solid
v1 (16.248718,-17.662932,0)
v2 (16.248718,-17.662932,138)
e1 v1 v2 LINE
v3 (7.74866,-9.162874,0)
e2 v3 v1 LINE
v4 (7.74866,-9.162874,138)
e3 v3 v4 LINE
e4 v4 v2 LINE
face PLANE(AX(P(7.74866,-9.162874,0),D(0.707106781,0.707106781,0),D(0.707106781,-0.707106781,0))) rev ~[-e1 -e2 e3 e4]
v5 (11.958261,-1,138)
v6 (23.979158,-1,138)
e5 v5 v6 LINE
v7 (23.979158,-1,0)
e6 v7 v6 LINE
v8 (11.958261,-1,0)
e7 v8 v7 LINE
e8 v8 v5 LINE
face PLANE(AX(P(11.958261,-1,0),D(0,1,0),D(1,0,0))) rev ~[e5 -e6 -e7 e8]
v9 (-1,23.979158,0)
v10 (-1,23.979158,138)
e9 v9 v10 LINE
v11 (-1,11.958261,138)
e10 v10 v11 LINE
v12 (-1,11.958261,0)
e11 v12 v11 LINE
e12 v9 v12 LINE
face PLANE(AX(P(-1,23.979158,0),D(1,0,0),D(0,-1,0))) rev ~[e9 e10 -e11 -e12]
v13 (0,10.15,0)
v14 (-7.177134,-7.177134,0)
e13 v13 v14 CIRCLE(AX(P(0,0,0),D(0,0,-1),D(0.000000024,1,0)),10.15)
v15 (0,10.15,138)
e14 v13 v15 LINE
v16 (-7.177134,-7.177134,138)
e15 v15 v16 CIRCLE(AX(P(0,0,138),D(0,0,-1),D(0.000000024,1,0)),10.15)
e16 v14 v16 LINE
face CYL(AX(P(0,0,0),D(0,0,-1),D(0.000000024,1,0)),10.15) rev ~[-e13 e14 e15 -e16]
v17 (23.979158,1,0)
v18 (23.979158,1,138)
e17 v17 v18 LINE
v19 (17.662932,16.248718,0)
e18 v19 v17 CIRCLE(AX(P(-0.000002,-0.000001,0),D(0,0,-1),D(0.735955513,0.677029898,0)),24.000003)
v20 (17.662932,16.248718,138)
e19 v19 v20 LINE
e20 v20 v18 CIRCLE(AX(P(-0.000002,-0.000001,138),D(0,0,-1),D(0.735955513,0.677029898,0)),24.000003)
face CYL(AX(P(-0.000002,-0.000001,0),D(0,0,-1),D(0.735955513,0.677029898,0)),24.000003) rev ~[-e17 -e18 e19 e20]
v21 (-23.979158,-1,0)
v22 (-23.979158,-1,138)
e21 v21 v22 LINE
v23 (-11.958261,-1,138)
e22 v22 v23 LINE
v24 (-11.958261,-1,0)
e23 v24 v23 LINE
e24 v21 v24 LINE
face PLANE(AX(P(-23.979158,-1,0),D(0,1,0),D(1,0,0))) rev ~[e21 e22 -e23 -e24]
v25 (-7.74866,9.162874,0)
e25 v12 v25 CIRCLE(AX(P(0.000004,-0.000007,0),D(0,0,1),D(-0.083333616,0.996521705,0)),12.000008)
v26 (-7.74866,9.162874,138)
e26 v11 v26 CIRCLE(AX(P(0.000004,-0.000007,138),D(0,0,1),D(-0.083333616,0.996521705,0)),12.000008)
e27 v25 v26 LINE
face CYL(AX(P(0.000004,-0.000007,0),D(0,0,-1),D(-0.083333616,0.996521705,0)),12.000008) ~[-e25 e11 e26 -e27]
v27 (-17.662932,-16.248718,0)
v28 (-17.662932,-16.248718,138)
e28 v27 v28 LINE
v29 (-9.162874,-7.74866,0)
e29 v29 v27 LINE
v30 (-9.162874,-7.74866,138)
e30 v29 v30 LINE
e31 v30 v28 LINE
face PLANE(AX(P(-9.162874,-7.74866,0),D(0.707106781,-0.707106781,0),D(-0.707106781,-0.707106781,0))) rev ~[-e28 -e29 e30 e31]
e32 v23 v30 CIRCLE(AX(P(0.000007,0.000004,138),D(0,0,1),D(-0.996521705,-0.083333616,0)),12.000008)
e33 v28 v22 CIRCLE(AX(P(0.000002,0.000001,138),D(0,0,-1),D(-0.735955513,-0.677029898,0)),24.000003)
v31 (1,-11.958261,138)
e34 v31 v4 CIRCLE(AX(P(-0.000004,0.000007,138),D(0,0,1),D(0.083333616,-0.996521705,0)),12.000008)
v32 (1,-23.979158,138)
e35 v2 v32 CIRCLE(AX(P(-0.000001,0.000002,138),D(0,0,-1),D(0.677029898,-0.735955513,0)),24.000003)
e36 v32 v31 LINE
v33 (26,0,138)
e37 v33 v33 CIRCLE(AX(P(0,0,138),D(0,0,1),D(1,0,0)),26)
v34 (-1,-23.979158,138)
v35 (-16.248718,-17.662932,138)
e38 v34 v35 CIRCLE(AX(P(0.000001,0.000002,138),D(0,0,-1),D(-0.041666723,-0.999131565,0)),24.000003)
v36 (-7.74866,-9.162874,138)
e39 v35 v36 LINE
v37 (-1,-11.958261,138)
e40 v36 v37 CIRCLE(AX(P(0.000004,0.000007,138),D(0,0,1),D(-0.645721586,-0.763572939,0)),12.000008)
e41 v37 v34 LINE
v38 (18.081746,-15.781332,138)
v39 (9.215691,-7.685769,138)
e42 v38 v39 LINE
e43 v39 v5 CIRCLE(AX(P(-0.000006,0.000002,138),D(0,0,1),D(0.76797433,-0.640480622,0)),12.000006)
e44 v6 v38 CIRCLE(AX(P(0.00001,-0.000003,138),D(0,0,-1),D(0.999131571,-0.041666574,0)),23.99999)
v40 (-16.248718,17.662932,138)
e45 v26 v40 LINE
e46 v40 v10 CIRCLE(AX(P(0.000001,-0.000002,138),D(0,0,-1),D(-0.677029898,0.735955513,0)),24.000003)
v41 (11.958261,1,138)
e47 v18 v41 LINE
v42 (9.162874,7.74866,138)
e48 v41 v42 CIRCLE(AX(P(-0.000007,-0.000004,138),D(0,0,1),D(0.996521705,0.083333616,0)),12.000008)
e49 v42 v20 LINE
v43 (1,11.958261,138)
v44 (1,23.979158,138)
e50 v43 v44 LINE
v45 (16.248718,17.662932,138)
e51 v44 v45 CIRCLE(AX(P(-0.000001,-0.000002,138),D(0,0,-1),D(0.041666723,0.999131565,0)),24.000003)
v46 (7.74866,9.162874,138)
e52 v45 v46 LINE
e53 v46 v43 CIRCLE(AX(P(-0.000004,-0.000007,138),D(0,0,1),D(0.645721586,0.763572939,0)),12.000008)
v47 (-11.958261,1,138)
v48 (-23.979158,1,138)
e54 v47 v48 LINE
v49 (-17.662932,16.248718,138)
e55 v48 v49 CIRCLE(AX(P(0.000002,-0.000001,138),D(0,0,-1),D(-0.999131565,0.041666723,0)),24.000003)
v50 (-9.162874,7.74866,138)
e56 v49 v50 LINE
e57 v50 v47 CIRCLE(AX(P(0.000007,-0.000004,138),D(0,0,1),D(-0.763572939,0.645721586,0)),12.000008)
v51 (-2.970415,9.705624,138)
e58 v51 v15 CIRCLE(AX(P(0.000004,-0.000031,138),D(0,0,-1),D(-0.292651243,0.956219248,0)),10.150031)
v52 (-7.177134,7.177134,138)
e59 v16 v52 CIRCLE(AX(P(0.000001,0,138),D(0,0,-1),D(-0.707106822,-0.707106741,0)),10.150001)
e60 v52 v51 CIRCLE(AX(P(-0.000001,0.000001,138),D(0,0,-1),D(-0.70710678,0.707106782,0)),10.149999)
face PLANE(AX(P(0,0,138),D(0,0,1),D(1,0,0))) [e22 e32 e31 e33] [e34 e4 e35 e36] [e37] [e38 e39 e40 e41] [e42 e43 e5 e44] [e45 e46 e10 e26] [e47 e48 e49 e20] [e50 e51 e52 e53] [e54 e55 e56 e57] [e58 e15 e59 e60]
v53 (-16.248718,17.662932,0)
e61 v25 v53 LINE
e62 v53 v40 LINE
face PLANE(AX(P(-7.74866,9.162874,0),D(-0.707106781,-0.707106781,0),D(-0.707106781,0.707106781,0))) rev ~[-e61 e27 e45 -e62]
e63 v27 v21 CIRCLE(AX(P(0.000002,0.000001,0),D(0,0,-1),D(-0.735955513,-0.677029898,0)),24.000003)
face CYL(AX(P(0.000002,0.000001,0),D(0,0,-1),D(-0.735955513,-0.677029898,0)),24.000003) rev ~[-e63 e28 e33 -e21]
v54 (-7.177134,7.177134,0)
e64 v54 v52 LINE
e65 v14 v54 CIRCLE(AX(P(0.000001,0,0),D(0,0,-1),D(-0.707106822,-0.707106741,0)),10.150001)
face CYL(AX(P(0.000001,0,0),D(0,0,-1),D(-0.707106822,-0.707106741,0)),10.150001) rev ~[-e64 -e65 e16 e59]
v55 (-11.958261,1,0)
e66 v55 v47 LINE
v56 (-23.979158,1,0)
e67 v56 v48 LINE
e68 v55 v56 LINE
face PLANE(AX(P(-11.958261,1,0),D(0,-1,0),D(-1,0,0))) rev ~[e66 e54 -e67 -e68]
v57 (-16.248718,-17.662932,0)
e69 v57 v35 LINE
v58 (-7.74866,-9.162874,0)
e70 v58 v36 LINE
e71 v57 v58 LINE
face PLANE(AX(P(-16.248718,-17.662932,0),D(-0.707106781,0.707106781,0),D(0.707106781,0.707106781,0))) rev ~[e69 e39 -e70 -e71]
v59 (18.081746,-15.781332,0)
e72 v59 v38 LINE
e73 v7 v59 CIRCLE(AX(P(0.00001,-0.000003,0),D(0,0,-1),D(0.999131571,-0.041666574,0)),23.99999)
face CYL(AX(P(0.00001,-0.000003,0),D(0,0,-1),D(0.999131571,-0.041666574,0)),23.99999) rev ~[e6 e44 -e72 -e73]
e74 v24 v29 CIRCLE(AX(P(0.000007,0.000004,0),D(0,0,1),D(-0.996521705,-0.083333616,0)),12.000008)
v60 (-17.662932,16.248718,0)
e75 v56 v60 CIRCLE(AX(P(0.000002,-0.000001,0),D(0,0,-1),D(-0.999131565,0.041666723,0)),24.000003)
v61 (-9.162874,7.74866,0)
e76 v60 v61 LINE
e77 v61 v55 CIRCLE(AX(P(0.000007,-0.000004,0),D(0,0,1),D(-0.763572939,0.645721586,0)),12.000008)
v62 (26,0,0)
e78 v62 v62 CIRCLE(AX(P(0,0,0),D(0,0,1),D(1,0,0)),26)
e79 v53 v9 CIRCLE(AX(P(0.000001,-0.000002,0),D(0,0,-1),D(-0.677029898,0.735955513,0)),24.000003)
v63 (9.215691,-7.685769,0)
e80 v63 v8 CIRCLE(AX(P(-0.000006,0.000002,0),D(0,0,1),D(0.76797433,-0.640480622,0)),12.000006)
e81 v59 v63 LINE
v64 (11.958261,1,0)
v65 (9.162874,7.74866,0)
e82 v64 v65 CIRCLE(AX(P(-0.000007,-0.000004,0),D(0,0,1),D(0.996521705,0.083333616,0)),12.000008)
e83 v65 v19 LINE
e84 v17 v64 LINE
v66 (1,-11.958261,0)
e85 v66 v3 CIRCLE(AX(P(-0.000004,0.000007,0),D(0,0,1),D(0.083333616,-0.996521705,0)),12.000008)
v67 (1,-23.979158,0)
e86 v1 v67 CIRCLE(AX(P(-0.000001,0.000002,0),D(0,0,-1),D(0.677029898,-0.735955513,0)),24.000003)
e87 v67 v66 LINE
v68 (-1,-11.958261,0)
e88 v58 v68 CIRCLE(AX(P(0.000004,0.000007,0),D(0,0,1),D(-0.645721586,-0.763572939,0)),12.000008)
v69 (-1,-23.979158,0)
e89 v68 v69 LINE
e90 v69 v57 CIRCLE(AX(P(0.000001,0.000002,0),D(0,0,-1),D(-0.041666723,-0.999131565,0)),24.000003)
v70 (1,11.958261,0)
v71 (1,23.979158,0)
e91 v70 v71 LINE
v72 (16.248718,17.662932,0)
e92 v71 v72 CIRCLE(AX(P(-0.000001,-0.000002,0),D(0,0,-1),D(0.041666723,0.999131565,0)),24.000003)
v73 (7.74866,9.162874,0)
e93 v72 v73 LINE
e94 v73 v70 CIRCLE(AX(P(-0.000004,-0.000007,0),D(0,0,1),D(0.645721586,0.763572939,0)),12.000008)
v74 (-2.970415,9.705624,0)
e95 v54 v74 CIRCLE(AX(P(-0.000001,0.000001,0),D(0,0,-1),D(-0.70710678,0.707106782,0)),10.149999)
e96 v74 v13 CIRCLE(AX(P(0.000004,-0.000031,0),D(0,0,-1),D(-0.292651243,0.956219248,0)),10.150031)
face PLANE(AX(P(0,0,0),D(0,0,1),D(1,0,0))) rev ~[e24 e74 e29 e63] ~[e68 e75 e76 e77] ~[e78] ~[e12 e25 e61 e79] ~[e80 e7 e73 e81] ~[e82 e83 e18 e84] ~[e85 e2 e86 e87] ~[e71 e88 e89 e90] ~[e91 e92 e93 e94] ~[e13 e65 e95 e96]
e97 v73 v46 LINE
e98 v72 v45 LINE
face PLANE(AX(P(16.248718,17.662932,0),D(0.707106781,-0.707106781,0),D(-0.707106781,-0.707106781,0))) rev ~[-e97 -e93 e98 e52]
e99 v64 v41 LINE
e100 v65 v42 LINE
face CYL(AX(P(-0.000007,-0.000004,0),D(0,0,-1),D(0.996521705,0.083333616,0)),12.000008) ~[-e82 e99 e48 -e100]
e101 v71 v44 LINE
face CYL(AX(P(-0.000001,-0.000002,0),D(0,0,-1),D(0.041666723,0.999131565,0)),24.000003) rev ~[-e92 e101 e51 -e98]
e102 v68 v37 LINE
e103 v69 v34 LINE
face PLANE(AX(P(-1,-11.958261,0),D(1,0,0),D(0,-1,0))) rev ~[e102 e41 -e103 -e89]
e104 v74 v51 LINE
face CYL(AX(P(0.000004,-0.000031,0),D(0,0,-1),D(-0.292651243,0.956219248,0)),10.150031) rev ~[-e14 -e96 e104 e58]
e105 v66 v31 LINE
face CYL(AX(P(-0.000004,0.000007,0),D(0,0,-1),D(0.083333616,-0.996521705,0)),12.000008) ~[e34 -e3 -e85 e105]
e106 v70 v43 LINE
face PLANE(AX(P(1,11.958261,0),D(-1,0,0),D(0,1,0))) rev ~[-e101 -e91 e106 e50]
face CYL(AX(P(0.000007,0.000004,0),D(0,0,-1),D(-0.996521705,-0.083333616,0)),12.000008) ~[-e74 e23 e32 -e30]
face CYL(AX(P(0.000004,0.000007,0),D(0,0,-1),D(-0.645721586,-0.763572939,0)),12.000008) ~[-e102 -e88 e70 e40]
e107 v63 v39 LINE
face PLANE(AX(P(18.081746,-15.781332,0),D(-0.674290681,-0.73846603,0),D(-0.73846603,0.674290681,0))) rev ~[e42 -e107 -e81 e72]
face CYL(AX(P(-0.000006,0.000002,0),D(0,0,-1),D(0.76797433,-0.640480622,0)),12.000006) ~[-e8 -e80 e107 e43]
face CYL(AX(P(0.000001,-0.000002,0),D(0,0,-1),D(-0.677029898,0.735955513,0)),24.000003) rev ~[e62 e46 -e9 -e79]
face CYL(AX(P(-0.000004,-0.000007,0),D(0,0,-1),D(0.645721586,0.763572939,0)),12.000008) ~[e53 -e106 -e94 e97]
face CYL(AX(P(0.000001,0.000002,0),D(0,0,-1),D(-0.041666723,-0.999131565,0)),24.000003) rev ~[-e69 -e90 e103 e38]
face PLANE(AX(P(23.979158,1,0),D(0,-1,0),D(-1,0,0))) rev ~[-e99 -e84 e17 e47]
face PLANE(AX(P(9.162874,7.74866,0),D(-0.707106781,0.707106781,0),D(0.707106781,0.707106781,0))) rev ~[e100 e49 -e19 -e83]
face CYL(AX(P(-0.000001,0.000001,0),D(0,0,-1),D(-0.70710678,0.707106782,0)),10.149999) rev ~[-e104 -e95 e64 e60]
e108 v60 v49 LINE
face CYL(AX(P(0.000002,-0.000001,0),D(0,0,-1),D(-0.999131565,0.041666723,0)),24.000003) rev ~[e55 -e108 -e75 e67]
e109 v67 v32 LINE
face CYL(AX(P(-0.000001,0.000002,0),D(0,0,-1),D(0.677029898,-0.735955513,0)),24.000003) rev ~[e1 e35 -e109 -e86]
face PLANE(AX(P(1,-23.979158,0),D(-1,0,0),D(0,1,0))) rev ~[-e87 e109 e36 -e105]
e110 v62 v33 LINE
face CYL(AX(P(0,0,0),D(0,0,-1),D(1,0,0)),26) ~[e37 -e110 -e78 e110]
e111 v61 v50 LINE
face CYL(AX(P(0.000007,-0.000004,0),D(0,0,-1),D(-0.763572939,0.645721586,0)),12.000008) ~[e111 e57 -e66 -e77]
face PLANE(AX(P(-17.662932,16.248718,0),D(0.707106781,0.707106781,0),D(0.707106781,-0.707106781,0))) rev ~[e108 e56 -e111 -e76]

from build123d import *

# Parameters (mm, degrees)
F0_R     = 26
F1_DEPTH = 138


with BuildPart() as f1:
    # F0 (on Top) → F1 (new body)
    with BuildSketch(Plane.XY):
        Circle(F0_R)
        with BuildLine():
            ThreePointArc((16.704727, -17.232298), (16.478129, -17.449105), (16.248718, -17.662932))
            ThreePointArc((16.248718, -17.662932), (9.184402, -22.173109), (1, -23.979158))
            ThreePointArc((1, -23.979158), (0, -24), (-1, -23.979158))
            ThreePointArc((-1, -23.979158), (-9.184402, -22.173109), (-16.248718, -17.662932))
            ThreePointArc((-16.248718, -17.662932), (-16.970563, -16.970563), (-17.662932, -16.248718))
            ThreePointArc((-17.662932, -16.248718), (-22.173109, -9.184402), (-23.979158, -1))
            ThreePointArc((-23.979158, -1), (-24, 0), (-23.979158, 1))
            ThreePointArc((-23.979158, 1), (-22.173109, 9.184402), (-17.662932, 16.248718))
            ThreePointArc((-17.662932, 16.248718), (-16.970563, 16.970563), (-16.248718, 17.662932))
            ThreePointArc((-16.248718, 17.662932), (-9.184402, 22.173109), (-1, 23.979158))
            ThreePointArc((-1, 23.979158), (0, 24), (1, 23.979158))
            ThreePointArc((1, 23.979158), (9.184402, 22.173109), (16.248718, 17.662932))
            ThreePointArc((16.248718, 17.662932), (16.970563, 16.970563), (17.662932, 16.248718))
            ThreePointArc((17.662932, 16.248718), (22.173109, 9.184402), (23.979158, 1))
            ThreePointArc((23.979158, 1), (23.994789, 0.500109), (24, 0))
            ThreePointArc((24, 0), (23.994789, -0.500109), (23.979158, -1))
            ThreePointArc((23.979158, -1), (22.291296, -8.893714), (18.081746, -15.781332))
            ThreePointArc((18.081746, -15.781332), (17.40836, -16.521168), (16.704727, -17.232298))
        make_face(mode=Mode.SUBTRACT)
        with BuildLine():
            ThreePointArc((9.215691, -7.685769), (8.514268, -8.456195), (7.74866, -9.162874))
            Line((7.74866, -9.162874), (16.248718, -17.662932))
            ThreePointArc((16.248718, -17.662932), (16.478129, -17.449105), (16.704727, -17.232298))
            ThreePointArc((16.704727, -17.232298), (17.40836, -16.521168), (18.081746, -15.781332))
            Line((18.081746, -15.781332), (9.215691, -7.685769))
        make_face()
        with BuildLine():
            Line((-16.248718, -17.662932), (-7.74866, -9.162874))
            ThreePointArc((-7.74866, -9.162874), (-8.485281, -8.485281), (-9.162874, -7.74866))
            Line((-9.162874, -7.74866), (-17.662932, -16.248718))
            ThreePointArc((-17.662932, -16.248718), (-16.970563, -16.970563), (-16.248718, -17.662932))
        make_face()
        with BuildLine():
            ThreePointArc((1, -11.958261), (4.592201, -11.086554), (7.74866, -9.162874))
            ThreePointArc((7.74866, -9.162874), (8.514268, -8.456195), (9.215691, -7.685769))
            ThreePointArc((9.215691, -7.685769), (11.102204, -4.554236), (11.958261, -1))
            ThreePointArc((11.958261, -1), (11.989561, -0.500435), (12, 0))
            ThreePointArc((12, 0), (11.989561, 0.500435), (11.958261, 1))
            ThreePointArc((11.958261, 1), (11.086554, 4.592201), (9.162874, 7.74866))
            ThreePointArc((9.162874, 7.74866), (8.485281, 8.485281), (7.74866, 9.162874))
            ThreePointArc((7.74866, 9.162874), (4.592201, 11.086554), (1, 11.958261))
            ThreePointArc((1, 11.958261), (0, 12), (-1, 11.958261))
            ThreePointArc((-1, 11.958261), (-4.592201, 11.086554), (-7.74866, 9.162874))
            ThreePointArc((-7.74866, 9.162874), (-8.485281, 8.485281), (-9.162874, 7.74866))
            ThreePointArc((-9.162874, 7.74866), (-11.086554, 4.592201), (-11.958261, 1))
            ThreePointArc((-11.958261, 1), (-12, 0), (-11.958261, -1))
            ThreePointArc((-11.958261, -1), (-11.086554, -4.592201), (-9.162874, -7.74866))
            ThreePointArc((-9.162874, -7.74866), (-8.485281, -8.485281), (-7.74866, -9.162874))
            ThreePointArc((-7.74866, -9.162874), (-4.592201, -11.086554), (-1, -11.958261))
            ThreePointArc((-1, -11.958261), (0, -12), (1, -11.958261))
        make_face()
        with BuildLine():
            ThreePointArc((-7.177134, -7.177134), (-10.15, 0), (-7.177134, 7.177134))
            ThreePointArc((-7.177134, 7.177134), (-5.22891, 8.699483), (-2.970415, 9.705624))
            ThreePointArc((-2.970415, 9.705624), (-1.501735, 10.038291), (0, 10.15))
            ThreePointArc((0, 10.15), (9.377377, -3.884237), (-7.177134, -7.177134))
        make_face(mode=Mode.SUBTRACT)
        with BuildLine():
            Line((1, -23.979158), (1, -11.958261))
            ThreePointArc((1, -11.958261), (0, -12), (-1, -11.958261))
            Line((-1, -11.958261), (-1, -23.979158))
            ThreePointArc((-1, -23.979158), (0, -24), (1, -23.979158))
        make_face()
        with BuildLine():
            ThreePointArc((12, 0), (11.989561, -0.500435), (11.958261, -1))
            Line((11.958261, -1), (23.979158, -1))
            ThreePointArc((23.979158, -1), (23.994789, -0.500109), (24, 0))
            ThreePointArc((24, 0), (23.994789, 0.500109), (23.979158, 1))
            Line((23.979158, 1), (11.958261, 1))
            ThreePointArc((11.958261, 1), (11.989561, 0.500435), (12, 0))
        make_face()
        with BuildLine():
            ThreePointArc((7.74866, 9.162874), (8.485281, 8.485281), (9.162874, 7.74866))
            Line((9.162874, 7.74866), (17.662932, 16.248718))
            ThreePointArc((17.662932, 16.248718), (16.970563, 16.970563), (16.248718, 17.662932))
            Line((16.248718, 17.662932), (7.74866, 9.162874))
        make_face()
        with BuildLine():
            ThreePointArc((-1, 11.958261), (0, 12), (1, 11.958261))
            Line((1, 11.958261), (1, 23.979158))
            ThreePointArc((1, 23.979158), (0, 24), (-1, 23.979158))
            Line((-1, 23.979158), (-1, 11.958261))
        make_face()
        with BuildLine():
            Line((-17.662932, 16.248718), (-9.162874, 7.74866))
            ThreePointArc((-9.162874, 7.74866), (-8.485281, 8.485281), (-7.74866, 9.162874))
            Line((-7.74866, 9.162874), (-16.248718, 17.662932))
            ThreePointArc((-16.248718, 17.662932), (-16.970563, 16.970563), (-17.662932, 16.248718))
        make_face()
        with BuildLine():
            Line((-23.979158, -1), (-11.958261, -1))
            ThreePointArc((-11.958261, -1), (-12, 0), (-11.958261, 1))
            Line((-11.958261, 1), (-23.979158, 1))
            ThreePointArc((-23.979158, 1), (-24, 0), (-23.979158, -1))
        make_face()
    extrude(amount=F1_DEPTH)


solid = f1.part
